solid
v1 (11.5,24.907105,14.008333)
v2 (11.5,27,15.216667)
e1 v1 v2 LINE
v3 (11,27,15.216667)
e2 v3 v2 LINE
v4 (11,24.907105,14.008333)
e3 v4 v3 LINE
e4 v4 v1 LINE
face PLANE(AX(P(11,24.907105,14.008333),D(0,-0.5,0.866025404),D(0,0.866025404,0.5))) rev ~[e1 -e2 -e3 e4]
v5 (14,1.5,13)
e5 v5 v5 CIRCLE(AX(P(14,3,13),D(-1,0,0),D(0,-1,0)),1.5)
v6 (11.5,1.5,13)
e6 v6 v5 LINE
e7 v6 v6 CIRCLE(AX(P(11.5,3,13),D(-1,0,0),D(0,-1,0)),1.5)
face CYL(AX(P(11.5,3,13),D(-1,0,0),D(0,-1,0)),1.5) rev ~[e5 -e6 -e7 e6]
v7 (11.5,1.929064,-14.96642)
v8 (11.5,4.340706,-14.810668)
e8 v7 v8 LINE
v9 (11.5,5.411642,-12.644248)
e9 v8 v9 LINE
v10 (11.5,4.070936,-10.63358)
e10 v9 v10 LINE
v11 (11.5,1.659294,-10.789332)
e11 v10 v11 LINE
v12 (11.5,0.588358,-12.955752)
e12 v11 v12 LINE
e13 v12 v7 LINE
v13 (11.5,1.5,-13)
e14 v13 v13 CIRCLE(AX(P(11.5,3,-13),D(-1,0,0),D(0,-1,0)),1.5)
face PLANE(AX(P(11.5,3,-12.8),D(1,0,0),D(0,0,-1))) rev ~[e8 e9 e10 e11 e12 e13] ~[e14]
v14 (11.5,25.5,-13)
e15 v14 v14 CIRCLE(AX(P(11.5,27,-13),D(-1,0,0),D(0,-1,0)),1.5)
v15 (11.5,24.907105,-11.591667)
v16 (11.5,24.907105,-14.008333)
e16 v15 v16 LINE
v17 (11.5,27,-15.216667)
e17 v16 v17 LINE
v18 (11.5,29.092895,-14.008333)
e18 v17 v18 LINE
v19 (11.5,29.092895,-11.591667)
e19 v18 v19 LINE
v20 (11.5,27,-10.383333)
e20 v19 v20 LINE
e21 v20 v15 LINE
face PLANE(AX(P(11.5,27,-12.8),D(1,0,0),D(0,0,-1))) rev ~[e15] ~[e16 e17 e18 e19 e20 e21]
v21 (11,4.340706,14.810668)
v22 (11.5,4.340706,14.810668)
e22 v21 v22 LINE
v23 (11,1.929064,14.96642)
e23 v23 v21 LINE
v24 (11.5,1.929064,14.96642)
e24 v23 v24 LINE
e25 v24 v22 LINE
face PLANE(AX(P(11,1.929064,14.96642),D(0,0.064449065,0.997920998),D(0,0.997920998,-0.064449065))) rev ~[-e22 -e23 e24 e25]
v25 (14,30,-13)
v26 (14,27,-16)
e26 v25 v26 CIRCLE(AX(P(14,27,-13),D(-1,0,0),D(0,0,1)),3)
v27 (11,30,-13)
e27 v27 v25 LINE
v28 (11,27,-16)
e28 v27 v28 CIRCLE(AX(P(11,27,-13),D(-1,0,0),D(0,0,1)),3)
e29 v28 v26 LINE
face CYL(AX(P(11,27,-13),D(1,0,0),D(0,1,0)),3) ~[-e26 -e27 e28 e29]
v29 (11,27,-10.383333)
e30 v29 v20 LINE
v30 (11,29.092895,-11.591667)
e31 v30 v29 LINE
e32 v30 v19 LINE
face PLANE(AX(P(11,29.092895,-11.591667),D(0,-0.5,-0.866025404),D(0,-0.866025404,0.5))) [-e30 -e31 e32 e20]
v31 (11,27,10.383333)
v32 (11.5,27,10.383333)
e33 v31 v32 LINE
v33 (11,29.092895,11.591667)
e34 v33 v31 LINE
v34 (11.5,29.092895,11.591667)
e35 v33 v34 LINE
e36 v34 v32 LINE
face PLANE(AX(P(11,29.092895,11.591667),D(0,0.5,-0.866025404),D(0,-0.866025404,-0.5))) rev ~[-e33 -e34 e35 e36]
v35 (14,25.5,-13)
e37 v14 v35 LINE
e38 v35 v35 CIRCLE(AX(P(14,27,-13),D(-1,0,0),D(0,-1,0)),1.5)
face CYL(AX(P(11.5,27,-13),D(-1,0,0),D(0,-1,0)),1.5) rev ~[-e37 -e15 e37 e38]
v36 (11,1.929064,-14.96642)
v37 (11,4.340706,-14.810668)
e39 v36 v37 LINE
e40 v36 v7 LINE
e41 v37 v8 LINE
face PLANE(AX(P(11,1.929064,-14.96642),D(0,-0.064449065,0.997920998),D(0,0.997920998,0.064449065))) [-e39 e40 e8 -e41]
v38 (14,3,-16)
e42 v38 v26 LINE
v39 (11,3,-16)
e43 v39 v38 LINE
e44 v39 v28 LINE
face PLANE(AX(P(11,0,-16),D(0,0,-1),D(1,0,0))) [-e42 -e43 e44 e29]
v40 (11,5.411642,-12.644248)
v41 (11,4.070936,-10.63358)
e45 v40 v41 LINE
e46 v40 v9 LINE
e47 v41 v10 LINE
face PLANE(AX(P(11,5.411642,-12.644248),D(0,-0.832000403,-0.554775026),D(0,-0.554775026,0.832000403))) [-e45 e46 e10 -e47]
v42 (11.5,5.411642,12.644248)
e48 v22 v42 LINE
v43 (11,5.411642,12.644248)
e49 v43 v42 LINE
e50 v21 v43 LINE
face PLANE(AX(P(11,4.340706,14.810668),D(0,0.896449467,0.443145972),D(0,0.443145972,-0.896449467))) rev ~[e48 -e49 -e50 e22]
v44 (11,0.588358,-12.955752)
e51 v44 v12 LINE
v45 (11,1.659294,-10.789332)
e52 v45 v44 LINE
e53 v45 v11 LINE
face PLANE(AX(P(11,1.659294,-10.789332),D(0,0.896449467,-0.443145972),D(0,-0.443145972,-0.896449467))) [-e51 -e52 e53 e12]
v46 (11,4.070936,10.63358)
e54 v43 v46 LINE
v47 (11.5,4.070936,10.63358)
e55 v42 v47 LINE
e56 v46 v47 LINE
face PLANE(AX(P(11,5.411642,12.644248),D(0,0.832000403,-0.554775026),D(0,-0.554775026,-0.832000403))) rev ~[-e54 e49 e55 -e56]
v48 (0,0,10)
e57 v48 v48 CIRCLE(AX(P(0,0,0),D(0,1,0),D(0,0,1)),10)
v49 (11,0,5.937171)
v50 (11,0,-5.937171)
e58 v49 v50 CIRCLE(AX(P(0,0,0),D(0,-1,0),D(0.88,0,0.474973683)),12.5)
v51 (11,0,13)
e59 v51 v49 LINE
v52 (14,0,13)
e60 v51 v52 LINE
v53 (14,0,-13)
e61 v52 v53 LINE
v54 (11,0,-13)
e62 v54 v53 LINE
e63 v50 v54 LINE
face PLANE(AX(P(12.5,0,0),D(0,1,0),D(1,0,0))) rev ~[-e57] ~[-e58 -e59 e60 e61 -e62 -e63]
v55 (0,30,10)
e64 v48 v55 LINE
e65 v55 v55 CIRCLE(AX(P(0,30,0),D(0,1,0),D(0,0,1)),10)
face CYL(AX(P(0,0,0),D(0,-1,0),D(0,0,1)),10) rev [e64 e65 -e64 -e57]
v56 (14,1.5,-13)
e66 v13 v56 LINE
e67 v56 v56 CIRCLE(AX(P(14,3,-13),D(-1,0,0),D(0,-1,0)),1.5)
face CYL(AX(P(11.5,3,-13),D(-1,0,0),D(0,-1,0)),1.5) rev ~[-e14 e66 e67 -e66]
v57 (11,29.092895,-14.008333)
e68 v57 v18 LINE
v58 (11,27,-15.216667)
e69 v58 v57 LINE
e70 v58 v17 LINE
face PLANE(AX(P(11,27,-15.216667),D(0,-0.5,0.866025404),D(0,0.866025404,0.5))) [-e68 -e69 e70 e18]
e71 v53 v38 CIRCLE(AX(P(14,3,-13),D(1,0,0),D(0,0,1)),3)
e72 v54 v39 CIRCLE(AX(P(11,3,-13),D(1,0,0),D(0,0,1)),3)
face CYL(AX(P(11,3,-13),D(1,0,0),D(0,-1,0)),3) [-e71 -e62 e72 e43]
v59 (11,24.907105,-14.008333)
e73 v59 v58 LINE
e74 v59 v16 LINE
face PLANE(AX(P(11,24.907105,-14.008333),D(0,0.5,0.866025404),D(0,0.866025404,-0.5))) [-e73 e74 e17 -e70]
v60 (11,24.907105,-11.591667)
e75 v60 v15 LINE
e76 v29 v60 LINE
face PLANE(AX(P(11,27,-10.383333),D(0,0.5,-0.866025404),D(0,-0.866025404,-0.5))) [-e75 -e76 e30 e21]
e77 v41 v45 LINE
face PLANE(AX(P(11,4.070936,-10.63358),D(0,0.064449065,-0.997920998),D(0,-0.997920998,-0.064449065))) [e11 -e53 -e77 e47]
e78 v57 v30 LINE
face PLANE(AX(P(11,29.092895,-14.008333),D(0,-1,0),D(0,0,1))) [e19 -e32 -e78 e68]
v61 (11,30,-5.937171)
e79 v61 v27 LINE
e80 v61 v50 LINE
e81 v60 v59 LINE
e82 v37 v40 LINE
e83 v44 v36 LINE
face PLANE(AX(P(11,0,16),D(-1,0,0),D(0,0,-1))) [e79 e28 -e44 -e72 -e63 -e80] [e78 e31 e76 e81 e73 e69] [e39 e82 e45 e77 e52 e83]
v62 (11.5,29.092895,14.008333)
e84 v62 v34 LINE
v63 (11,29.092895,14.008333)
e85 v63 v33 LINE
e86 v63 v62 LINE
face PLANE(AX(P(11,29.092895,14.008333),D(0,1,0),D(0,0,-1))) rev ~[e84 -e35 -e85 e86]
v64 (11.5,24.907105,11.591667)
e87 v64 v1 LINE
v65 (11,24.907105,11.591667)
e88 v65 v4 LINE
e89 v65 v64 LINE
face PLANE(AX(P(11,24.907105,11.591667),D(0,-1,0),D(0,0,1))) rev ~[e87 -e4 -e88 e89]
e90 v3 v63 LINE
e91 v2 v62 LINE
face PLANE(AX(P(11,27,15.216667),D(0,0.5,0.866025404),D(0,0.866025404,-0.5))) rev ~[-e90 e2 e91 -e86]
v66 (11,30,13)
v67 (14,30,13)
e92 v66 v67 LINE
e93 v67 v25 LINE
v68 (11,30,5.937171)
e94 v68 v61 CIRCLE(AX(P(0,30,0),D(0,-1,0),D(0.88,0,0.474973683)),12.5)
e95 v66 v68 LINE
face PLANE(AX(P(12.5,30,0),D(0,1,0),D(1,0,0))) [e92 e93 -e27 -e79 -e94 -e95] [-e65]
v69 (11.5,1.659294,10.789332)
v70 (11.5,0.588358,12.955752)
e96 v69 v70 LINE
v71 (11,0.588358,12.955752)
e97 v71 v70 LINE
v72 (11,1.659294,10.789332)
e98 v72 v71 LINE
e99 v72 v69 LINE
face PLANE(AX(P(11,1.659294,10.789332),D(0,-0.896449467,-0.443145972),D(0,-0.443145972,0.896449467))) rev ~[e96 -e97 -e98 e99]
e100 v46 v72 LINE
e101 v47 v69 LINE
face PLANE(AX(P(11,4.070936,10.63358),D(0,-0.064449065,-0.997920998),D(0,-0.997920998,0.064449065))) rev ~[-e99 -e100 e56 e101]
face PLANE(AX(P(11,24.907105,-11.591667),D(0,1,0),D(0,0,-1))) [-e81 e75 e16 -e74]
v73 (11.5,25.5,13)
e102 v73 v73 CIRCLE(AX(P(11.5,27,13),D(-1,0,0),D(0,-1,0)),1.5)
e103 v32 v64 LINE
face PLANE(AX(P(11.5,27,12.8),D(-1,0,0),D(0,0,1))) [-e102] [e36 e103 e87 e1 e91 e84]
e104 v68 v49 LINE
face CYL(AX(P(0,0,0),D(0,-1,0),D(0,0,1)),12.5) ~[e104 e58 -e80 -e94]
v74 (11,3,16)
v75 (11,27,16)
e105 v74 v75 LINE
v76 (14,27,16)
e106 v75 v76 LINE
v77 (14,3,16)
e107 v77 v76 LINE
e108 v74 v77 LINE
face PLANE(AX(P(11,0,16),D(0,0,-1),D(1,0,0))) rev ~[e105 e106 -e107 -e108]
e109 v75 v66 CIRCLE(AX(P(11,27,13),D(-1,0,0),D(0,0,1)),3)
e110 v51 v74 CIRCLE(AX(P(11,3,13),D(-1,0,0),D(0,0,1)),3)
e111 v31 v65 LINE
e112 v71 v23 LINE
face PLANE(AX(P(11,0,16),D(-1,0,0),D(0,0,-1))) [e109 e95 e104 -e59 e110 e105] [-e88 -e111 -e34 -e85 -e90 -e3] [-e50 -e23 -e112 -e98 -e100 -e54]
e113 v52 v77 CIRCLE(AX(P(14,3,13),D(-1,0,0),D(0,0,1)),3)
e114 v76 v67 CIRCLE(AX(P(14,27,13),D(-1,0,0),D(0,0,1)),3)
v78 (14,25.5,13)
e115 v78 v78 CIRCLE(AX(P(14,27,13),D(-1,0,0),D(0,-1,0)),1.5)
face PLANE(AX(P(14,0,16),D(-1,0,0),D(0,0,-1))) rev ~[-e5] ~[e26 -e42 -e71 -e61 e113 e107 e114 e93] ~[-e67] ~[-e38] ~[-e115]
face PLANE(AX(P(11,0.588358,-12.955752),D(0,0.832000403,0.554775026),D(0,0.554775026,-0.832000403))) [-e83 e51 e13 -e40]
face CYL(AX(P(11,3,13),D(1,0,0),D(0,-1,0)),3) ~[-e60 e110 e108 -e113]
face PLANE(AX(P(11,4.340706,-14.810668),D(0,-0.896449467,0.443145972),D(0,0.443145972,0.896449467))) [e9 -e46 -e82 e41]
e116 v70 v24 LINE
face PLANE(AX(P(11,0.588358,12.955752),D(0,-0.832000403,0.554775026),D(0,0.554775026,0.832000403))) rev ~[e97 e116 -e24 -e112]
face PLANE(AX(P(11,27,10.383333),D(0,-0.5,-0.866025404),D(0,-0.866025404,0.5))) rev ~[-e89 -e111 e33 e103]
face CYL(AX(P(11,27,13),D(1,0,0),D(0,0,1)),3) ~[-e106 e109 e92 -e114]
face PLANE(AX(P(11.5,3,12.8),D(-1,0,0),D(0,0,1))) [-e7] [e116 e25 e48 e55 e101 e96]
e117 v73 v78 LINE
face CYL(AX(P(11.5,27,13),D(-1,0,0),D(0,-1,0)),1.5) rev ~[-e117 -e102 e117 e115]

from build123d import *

# Parameters (mm, degrees)
SKETCH_1_R          = 12.5
SKETCH_1_R_2        = 10
EXTRUDE_1_DEPTH     = 30
SKETCH_2_W          = 3
SKETCH_2_H          = 32
EXTRUDE_2_DEPTH     = 30
CUT_EXTRUDE_2_DEPTH = 0.5
SKETCH_5_R          = 1.5
CUT_EXTRUDE_3_DEPTH = 42.617304093
FILLET_1_R          = 3


with BuildPart() as part:
    # 草图1 → 凸台-拉伸1 (new body)
    with BuildSketch(Plane(origin=(0, 0, 0), x_dir=(1, 0, 0), z_dir=(0, 1, 0))):
        with Locations(Location((0, 0, 0), (0, 0, 270))):
            Circle(SKETCH_1_R)
        with Locations(Location((0, 0, 0), (0, 0, 270))):
            Circle(SKETCH_1_R_2, mode=Mode.SUBTRACT)
    extrude(amount=EXTRUDE_1_DEPTH)

    # 草图2 → 凸台-拉伸2 (add)
    with BuildSketch(Plane(origin=(0, 0, 0), x_dir=(1, 0, 0), z_dir=(0, 1, 0))):
        with Locations((12.5, 0)):
            Rectangle(SKETCH_2_W, SKETCH_2_H)
    extrude(amount=EXTRUDE_2_DEPTH)

    # 草图4 → 切除-拉伸2 (cut)
    with BuildSketch(Plane.ZY.offset(-11)):
        Polygon((15.216666667, 27), (14.008333333, 29.092894726), (11.591666667, 29.092894726), (10.383333333, 27), (11.591666667, 24.907105274), (14.008333333, 24.907105274), align=None)
        Polygon((-10.78933236, 1.659293687), (-12.955751906, 0.588357588), (-14.966419546, 1.929063901), (-14.81066764, 4.340706313), (-12.644248094, 5.411642412), (-10.633580454, 4.070936099), align=None)
        Polygon((12.955751906, 0.588357588), (14.966419546, 1.929063901), (14.81066764, 4.340706313), (12.644248094, 5.411642412), (10.633580454, 4.070936099), (10.78933236, 1.659293687), align=None)
        Polygon((-14.008333333, 24.907105274), (-15.216666667, 27), (-14.008333333, 29.092894726), (-11.591666667, 29.092894726), (-10.383333333, 27), (-11.591666667, 24.907105274), align=None)
    extrude(amount=-CUT_EXTRUDE_2_DEPTH, mode=Mode.SUBTRACT)

    # 草图5 → 切除-拉伸3 (cut, through all)
    with BuildSketch(Plane.ZY.offset(-11.5)):
        with Locations(Location((-13, 27, 0), (0, 0, 270))):
            Circle(SKETCH_5_R)
        with Locations(Location((13, 27, 0), (0, 0, 270))):
            Circle(SKETCH_5_R)
        with Locations(Location((13, 3, 0), (0, 0, 270))):
            Circle(SKETCH_5_R)
        with Locations(Location((-13, 3, 0), (0, 0, 270))):
            Circle(SKETCH_5_R)
    extrude(amount=-CUT_EXTRUDE_3_DEPTH, mode=Mode.SUBTRACT)

    # 圆角1
    fillet_1_edges = [part.edges().sort_by_distance(p)[0] for p in [
        (12.5, 30, 16),
        (12.5, 30, -16),
        (12.5, 0, -16),
        (12.5, 0, 16),
    ]]
    fillet(fillet_1_edges, radius=FILLET_1_R)


solid = part.part
